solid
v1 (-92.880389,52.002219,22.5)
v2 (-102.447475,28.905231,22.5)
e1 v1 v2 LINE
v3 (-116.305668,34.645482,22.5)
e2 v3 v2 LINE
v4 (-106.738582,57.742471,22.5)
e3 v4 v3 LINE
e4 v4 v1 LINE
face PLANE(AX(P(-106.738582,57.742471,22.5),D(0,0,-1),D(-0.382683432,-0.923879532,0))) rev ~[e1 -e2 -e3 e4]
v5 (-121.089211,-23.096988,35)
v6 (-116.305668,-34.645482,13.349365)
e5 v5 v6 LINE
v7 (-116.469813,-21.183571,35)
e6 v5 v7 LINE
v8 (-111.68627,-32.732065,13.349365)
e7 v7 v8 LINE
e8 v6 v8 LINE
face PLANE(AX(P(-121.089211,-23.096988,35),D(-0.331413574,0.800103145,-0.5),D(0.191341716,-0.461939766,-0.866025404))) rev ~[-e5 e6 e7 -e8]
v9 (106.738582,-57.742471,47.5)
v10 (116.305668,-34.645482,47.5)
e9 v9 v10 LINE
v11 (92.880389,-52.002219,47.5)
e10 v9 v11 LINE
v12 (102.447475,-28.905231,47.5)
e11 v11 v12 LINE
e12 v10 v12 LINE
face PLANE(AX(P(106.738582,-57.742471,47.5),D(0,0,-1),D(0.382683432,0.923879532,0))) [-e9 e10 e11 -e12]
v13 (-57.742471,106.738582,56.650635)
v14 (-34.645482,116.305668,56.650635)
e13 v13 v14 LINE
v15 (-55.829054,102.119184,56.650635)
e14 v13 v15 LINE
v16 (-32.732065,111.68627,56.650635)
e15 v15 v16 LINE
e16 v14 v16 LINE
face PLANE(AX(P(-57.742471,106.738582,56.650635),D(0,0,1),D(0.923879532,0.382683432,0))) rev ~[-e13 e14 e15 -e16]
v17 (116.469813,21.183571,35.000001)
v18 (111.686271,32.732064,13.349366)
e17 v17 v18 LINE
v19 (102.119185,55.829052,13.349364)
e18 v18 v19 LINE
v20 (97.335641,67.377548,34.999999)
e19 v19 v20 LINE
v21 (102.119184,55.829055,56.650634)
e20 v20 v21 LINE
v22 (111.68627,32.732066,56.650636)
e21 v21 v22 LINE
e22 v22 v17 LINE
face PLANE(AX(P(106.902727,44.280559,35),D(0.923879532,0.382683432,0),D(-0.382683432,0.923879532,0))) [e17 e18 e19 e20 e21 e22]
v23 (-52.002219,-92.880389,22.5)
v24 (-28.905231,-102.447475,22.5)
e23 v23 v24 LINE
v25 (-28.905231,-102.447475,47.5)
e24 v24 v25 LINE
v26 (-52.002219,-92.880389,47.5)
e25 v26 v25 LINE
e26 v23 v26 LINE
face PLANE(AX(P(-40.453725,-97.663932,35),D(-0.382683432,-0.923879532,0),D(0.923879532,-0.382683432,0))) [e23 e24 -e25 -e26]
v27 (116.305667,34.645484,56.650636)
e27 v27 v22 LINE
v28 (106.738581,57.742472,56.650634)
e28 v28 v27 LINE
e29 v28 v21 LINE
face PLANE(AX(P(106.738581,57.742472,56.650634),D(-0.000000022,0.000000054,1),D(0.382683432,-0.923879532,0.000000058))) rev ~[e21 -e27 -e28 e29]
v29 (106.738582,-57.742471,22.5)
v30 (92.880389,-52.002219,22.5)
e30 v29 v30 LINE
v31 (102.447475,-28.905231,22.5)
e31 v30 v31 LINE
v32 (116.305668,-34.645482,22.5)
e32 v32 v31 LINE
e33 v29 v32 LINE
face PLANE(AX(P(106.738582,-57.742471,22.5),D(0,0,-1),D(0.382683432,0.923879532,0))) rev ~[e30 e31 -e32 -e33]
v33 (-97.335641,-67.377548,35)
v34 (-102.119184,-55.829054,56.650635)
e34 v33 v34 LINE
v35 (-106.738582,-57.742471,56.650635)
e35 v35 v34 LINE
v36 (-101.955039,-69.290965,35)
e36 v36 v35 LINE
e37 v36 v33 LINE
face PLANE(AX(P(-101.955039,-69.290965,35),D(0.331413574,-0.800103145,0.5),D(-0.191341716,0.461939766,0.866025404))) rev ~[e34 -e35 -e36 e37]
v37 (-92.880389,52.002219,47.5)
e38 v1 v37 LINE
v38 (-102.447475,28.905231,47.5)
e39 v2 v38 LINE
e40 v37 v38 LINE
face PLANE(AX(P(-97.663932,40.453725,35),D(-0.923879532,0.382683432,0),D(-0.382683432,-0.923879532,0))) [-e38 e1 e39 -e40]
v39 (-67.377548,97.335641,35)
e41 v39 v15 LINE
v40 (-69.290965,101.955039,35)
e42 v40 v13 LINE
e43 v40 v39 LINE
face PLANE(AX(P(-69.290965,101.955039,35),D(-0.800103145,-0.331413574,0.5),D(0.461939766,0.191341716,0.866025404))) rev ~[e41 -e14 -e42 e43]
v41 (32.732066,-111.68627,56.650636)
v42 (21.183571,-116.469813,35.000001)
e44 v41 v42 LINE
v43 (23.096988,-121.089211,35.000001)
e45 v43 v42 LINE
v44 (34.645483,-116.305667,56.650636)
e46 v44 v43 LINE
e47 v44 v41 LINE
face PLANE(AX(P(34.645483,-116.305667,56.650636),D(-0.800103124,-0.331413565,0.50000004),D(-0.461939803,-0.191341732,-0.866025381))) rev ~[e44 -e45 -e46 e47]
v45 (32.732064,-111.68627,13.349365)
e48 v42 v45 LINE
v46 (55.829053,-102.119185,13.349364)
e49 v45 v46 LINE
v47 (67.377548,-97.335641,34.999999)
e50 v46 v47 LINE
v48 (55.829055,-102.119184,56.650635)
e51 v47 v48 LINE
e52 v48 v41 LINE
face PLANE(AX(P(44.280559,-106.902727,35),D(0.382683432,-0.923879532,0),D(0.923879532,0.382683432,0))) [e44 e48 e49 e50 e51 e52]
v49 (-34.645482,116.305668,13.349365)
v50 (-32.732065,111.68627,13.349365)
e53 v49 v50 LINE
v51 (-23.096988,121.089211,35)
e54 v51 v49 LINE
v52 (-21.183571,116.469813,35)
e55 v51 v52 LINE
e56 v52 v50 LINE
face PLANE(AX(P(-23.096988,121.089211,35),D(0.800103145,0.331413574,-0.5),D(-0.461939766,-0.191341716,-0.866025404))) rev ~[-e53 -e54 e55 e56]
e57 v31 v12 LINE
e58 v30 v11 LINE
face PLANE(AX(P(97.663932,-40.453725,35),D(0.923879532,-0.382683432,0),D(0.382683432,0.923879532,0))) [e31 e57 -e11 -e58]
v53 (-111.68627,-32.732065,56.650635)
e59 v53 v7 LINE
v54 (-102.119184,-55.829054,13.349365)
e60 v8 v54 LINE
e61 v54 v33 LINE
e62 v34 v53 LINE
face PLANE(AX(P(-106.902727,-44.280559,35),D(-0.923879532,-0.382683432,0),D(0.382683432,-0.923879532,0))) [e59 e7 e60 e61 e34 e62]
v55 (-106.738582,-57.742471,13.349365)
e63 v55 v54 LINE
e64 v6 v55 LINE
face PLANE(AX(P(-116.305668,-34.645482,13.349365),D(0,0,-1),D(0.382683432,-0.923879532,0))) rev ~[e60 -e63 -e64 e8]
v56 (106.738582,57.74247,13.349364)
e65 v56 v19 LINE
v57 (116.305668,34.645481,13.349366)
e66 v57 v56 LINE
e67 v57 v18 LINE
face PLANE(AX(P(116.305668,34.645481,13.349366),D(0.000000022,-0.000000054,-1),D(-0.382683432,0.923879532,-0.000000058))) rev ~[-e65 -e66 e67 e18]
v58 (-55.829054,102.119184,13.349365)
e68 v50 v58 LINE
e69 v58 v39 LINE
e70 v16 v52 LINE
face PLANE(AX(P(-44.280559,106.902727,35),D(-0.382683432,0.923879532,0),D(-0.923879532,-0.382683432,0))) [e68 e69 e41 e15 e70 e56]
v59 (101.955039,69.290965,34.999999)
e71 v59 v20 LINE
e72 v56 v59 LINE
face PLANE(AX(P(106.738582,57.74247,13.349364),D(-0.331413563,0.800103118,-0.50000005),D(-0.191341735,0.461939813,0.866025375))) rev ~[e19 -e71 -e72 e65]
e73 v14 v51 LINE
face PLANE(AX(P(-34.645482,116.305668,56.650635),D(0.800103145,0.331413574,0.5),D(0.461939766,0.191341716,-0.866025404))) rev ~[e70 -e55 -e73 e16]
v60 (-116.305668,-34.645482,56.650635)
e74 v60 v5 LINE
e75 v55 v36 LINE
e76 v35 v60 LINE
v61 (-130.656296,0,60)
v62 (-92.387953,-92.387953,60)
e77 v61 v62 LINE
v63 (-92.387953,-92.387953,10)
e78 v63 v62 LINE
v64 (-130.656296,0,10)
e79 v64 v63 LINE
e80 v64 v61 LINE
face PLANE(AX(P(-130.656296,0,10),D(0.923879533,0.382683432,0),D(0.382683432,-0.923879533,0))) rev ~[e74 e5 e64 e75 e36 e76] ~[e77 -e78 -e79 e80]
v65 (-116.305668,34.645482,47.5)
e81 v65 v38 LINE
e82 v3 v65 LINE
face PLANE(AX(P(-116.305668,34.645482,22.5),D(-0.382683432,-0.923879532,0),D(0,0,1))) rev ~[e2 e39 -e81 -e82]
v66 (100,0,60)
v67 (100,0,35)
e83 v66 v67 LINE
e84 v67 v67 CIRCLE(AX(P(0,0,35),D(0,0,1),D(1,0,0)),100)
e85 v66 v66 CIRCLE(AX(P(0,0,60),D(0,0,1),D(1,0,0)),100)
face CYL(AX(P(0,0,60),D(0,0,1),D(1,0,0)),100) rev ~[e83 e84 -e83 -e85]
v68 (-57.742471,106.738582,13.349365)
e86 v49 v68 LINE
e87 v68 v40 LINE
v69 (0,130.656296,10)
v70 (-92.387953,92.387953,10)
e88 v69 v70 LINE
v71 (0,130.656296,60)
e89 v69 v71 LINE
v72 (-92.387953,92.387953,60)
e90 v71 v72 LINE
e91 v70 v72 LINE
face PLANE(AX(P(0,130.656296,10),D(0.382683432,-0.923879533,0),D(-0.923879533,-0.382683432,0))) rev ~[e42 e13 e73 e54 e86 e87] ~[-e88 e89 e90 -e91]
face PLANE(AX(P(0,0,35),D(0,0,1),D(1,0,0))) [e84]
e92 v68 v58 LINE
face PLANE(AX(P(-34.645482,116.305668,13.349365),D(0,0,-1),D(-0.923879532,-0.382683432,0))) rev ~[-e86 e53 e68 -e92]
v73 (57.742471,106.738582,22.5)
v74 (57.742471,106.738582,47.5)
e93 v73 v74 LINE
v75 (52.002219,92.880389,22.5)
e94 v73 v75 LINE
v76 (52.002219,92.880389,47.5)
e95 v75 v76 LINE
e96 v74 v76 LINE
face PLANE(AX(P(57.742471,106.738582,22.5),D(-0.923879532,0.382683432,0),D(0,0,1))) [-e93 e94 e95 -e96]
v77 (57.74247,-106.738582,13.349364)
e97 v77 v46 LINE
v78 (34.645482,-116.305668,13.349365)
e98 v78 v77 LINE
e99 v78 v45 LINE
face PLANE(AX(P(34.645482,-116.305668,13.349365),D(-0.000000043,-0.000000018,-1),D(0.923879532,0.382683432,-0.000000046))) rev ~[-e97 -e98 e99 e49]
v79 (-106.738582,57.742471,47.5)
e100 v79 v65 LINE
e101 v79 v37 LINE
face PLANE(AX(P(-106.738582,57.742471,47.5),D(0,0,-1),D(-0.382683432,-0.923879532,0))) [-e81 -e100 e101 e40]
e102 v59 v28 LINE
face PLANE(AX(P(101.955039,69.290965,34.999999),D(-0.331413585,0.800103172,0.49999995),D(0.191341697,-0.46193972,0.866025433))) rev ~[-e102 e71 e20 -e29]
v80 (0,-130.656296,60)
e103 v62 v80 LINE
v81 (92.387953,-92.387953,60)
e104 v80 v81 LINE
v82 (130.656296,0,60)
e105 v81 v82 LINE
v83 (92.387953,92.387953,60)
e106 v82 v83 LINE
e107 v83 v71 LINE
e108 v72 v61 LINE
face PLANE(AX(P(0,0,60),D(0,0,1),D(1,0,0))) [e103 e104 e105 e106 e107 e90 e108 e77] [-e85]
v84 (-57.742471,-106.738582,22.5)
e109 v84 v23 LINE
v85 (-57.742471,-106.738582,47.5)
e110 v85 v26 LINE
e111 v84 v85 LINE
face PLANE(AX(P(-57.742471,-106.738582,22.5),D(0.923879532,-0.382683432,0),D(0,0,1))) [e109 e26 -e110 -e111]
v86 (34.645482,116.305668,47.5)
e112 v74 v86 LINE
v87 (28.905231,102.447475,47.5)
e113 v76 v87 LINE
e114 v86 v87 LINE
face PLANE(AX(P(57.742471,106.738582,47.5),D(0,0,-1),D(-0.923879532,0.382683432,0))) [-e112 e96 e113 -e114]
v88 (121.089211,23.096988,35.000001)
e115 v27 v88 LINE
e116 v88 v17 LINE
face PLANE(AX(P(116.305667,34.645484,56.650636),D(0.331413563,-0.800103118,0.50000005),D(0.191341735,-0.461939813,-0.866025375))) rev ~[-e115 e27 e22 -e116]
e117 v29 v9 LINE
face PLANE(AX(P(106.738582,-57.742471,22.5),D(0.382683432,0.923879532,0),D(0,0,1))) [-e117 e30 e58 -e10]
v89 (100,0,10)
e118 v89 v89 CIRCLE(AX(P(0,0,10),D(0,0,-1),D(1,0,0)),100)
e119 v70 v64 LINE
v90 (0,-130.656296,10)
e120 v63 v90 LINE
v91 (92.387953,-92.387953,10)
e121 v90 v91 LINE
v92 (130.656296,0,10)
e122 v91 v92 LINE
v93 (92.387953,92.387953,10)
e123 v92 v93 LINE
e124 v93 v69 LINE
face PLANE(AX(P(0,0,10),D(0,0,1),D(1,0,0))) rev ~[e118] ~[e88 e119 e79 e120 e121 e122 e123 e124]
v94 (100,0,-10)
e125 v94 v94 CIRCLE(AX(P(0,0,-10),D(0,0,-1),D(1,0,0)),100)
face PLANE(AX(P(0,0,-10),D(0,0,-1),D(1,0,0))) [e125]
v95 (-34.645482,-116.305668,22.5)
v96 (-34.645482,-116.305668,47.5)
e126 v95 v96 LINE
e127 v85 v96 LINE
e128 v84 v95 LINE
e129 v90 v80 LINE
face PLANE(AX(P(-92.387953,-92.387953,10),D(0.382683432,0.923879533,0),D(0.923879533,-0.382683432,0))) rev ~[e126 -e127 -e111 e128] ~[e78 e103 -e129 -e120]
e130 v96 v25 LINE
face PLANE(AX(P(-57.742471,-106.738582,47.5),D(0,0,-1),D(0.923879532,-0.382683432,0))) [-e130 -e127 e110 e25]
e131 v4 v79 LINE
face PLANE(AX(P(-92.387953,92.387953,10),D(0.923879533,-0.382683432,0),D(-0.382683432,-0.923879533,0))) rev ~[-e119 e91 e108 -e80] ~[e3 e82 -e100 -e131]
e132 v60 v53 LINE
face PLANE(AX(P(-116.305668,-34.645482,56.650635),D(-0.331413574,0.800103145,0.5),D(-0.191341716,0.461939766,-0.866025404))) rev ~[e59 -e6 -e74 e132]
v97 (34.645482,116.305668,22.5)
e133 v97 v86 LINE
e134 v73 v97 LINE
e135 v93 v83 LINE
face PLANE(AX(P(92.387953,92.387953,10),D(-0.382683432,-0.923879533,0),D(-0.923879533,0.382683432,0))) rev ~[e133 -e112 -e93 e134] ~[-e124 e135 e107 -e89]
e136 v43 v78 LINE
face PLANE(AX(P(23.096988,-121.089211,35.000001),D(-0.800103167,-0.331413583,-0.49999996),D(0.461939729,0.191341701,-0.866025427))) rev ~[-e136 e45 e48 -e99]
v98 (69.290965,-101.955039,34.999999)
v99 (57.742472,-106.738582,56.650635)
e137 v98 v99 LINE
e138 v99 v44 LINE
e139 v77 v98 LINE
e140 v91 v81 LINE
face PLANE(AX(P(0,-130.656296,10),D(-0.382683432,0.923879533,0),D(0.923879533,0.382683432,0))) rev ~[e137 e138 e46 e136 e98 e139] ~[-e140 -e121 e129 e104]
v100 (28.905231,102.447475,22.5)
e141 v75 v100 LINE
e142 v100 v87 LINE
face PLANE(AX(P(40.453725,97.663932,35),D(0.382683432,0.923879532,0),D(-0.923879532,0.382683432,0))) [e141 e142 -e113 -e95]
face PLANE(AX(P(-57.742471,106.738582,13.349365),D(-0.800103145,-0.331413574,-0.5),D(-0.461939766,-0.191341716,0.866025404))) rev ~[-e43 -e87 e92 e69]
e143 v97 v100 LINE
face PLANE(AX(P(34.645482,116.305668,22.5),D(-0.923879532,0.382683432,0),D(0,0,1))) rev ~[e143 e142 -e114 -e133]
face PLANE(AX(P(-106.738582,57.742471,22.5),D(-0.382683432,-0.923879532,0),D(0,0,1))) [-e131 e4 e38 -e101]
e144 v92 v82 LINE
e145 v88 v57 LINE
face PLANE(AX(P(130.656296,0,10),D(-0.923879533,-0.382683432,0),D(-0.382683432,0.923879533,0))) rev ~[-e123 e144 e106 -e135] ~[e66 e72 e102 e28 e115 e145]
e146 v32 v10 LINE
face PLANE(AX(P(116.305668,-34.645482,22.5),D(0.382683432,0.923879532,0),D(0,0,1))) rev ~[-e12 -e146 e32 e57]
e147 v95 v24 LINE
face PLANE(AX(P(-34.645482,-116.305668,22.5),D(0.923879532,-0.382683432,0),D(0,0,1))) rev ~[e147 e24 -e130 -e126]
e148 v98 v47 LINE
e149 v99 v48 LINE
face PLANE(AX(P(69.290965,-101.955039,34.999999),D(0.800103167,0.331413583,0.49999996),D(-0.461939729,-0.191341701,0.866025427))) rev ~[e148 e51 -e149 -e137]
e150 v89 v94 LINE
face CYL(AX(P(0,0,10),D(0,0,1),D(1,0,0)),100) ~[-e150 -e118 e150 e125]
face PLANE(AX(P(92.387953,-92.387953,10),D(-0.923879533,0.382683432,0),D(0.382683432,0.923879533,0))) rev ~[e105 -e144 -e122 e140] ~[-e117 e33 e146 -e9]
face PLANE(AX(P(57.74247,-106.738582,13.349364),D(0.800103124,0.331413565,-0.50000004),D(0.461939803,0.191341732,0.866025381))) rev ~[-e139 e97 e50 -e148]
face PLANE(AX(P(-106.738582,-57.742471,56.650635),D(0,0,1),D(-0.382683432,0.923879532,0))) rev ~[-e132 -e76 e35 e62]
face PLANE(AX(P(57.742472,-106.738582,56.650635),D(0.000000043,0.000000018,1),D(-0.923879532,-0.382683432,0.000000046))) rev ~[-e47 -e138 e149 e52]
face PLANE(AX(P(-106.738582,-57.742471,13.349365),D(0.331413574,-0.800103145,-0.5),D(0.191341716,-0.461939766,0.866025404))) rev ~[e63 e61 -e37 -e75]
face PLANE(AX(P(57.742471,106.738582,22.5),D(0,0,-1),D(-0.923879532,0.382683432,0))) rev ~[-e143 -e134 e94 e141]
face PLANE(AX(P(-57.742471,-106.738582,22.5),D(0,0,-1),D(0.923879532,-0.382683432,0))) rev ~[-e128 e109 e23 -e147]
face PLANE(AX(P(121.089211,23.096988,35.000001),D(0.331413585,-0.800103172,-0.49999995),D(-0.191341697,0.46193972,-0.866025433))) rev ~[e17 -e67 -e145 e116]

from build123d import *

# Parameters (mm, degrees)
F1_DEPTH  = 50
F2_W      = 25
F2_H      = 25
F3_DEPTH  = 15
F4_W      = 25
F4_H      = 25
F5_DEPTH  = 15
F6_W      = 25
F6_H      = 25
F7_DEPTH  = 15
F8_W      = 25
F8_H      = 25
F9_DEPTH  = 15
F11_DEPTH = 5
F13_DEPTH = 5
F15_DEPTH = 5
F17_DEPTH = 5
F18_R     = 100
F19_DEPTH = 25
F20_R     = 100
F21_DEPTH = 20


with BuildPart() as f1:
    # F0 (on Top) → F1 (new body)
    with BuildSketch(Plane.XY):
        Polygon((-92.3879532511, -92.3879532511), (0, -130.6562964876), (92.3879532511, -92.3879532511), (130.6562964876, 0), (92.3879532511, 92.3879532511), (0, 130.6562964876), (-92.3879532511, 92.3879532511), (-130.6562964876, 0), align=None)
    extrude(amount=F1_DEPTH)

    # F2 (on face) → F3 (cut)
    with BuildSketch(Plane(origin=(-46.1939766256, -111.5221248694, 0), x_dir=(0.9238795325, -0.3826834324, 0), z_dir=(-0.3826834324, -0.9238795325, 0))):
        with Locations((0, 25)):
            Rectangle(F2_W, F2_H)
    extrude(amount=-F3_DEPTH, mode=Mode.SUBTRACT)

    # F4 (on face) → F5 (cut)
    with BuildSketch(Plane(origin=(-111.5221248694, 46.1939766256, 0), x_dir=(-0.3826834324, -0.9238795325, 0), z_dir=(-0.9238795325, 0.3826834324, 0))):
        with Locations((0, 25)):
            Rectangle(F4_W, F4_H)
    extrude(amount=-F5_DEPTH, mode=Mode.SUBTRACT)

    # F6 (on face) → F7 (cut)
    with BuildSketch(Plane(origin=(46.1939766256, 111.5221248694, 0), x_dir=(-0.9238795325, 0.3826834324, 0), z_dir=(0.3826834324, 0.9238795325, 0))):
        with Locations((0, 25)):
            Rectangle(F6_W, F6_H)
    extrude(amount=-F7_DEPTH, mode=Mode.SUBTRACT)

    # F8 (on face) → F9 (cut)
    with BuildSketch(Plane(origin=(111.5221248694, -46.1939766256, 0), x_dir=(0.3826834324, 0.9238795325, 0), z_dir=(0.9238795325, -0.3826834324, 0))):
        with Locations((0, 25)):
            Rectangle(F8_W, F8_H)
    extrude(amount=-F9_DEPTH, mode=Mode.SUBTRACT)

    # F10 (on face) → F11 (cut)
    with BuildSketch(Plane(origin=(46.1939766256, -111.5221248694, 0), x_dir=(0.9238795325, 0.3826834324, 0), z_dir=(0.3826834324, -0.9238795325, 0))):
        Polygon((12.4999989995, 3.3493643278), (25, 24.9999988448), (12.5000010005, 46.650634517), (-12.4999989995, 46.6506356722), (-25, 25.0000011552), (-12.5000010005, 3.349365483), align=None)
    extrude(amount=-F11_DEPTH, mode=Mode.SUBTRACT)

    # F12 (on face) → F13 (cut)
    with BuildSketch(Plane(origin=(111.5221248694, 46.1939766256, 0), x_dir=(-0.3826834324, 0.9238795325, 0), z_dir=(0.9238795325, 0.3826834324, 0))):
        Polygon((12.4999987427, 3.3493641795), (25, 24.9999985481), (12.5000012573, 46.6506343687), (-12.4999987427, 46.6506358205), (-25, 25.0000014519), (-12.5000012573, 3.3493656313), align=None)
    extrude(amount=-F13_DEPTH, mode=Mode.SUBTRACT)

    # F14 (on face) → F15 (cut)
    with BuildSketch(Plane(origin=(-111.5221248694, -46.1939766256, 0), x_dir=(0.3826834324, -0.9238795325, 0), z_dir=(-0.9238795325, -0.3826834324, 0))):
        Polygon((12.5, 46.6506350946), (-12.5, 46.6506350946), (-25, 25), (-12.5, 3.3493649054), (12.5, 3.3493649054), (25, 25), align=None)
    extrude(amount=-F15_DEPTH, mode=Mode.SUBTRACT)

    # F16 (on face) → F17 (cut)
    with BuildSketch(Plane(origin=(-46.1939766256, 111.5221248694, 0), x_dir=(-0.9238795325, -0.3826834324, 0), z_dir=(-0.3826834324, 0.9238795325, 0))):
        Polygon((12.5, 46.6506350946), (-12.5, 46.6506350946), (-25, 25), (-12.5, 3.3493649054), (12.5, 3.3493649054), (25, 25), align=None)
    extrude(amount=-F17_DEPTH, mode=Mode.SUBTRACT)

    # F18 (on face) → F19 (cut)
    with BuildSketch(Plane.XY.offset(50)):
        Circle(F18_R)
    extrude(amount=-F19_DEPTH, mode=Mode.SUBTRACT)

    # F20 (on face) → F21 (join)
    with BuildSketch(Plane(origin=(0, 0, 0), x_dir=(1, 0, 0), z_dir=(0, 0, -1))):
        Circle(F20_R)
    extrude(amount=F21_DEPTH)


with BuildPart() as f1_1:
    # F22: moved
    add(f1.part.moved(Location((0, 0, 10))))


solid = f1_1.part
